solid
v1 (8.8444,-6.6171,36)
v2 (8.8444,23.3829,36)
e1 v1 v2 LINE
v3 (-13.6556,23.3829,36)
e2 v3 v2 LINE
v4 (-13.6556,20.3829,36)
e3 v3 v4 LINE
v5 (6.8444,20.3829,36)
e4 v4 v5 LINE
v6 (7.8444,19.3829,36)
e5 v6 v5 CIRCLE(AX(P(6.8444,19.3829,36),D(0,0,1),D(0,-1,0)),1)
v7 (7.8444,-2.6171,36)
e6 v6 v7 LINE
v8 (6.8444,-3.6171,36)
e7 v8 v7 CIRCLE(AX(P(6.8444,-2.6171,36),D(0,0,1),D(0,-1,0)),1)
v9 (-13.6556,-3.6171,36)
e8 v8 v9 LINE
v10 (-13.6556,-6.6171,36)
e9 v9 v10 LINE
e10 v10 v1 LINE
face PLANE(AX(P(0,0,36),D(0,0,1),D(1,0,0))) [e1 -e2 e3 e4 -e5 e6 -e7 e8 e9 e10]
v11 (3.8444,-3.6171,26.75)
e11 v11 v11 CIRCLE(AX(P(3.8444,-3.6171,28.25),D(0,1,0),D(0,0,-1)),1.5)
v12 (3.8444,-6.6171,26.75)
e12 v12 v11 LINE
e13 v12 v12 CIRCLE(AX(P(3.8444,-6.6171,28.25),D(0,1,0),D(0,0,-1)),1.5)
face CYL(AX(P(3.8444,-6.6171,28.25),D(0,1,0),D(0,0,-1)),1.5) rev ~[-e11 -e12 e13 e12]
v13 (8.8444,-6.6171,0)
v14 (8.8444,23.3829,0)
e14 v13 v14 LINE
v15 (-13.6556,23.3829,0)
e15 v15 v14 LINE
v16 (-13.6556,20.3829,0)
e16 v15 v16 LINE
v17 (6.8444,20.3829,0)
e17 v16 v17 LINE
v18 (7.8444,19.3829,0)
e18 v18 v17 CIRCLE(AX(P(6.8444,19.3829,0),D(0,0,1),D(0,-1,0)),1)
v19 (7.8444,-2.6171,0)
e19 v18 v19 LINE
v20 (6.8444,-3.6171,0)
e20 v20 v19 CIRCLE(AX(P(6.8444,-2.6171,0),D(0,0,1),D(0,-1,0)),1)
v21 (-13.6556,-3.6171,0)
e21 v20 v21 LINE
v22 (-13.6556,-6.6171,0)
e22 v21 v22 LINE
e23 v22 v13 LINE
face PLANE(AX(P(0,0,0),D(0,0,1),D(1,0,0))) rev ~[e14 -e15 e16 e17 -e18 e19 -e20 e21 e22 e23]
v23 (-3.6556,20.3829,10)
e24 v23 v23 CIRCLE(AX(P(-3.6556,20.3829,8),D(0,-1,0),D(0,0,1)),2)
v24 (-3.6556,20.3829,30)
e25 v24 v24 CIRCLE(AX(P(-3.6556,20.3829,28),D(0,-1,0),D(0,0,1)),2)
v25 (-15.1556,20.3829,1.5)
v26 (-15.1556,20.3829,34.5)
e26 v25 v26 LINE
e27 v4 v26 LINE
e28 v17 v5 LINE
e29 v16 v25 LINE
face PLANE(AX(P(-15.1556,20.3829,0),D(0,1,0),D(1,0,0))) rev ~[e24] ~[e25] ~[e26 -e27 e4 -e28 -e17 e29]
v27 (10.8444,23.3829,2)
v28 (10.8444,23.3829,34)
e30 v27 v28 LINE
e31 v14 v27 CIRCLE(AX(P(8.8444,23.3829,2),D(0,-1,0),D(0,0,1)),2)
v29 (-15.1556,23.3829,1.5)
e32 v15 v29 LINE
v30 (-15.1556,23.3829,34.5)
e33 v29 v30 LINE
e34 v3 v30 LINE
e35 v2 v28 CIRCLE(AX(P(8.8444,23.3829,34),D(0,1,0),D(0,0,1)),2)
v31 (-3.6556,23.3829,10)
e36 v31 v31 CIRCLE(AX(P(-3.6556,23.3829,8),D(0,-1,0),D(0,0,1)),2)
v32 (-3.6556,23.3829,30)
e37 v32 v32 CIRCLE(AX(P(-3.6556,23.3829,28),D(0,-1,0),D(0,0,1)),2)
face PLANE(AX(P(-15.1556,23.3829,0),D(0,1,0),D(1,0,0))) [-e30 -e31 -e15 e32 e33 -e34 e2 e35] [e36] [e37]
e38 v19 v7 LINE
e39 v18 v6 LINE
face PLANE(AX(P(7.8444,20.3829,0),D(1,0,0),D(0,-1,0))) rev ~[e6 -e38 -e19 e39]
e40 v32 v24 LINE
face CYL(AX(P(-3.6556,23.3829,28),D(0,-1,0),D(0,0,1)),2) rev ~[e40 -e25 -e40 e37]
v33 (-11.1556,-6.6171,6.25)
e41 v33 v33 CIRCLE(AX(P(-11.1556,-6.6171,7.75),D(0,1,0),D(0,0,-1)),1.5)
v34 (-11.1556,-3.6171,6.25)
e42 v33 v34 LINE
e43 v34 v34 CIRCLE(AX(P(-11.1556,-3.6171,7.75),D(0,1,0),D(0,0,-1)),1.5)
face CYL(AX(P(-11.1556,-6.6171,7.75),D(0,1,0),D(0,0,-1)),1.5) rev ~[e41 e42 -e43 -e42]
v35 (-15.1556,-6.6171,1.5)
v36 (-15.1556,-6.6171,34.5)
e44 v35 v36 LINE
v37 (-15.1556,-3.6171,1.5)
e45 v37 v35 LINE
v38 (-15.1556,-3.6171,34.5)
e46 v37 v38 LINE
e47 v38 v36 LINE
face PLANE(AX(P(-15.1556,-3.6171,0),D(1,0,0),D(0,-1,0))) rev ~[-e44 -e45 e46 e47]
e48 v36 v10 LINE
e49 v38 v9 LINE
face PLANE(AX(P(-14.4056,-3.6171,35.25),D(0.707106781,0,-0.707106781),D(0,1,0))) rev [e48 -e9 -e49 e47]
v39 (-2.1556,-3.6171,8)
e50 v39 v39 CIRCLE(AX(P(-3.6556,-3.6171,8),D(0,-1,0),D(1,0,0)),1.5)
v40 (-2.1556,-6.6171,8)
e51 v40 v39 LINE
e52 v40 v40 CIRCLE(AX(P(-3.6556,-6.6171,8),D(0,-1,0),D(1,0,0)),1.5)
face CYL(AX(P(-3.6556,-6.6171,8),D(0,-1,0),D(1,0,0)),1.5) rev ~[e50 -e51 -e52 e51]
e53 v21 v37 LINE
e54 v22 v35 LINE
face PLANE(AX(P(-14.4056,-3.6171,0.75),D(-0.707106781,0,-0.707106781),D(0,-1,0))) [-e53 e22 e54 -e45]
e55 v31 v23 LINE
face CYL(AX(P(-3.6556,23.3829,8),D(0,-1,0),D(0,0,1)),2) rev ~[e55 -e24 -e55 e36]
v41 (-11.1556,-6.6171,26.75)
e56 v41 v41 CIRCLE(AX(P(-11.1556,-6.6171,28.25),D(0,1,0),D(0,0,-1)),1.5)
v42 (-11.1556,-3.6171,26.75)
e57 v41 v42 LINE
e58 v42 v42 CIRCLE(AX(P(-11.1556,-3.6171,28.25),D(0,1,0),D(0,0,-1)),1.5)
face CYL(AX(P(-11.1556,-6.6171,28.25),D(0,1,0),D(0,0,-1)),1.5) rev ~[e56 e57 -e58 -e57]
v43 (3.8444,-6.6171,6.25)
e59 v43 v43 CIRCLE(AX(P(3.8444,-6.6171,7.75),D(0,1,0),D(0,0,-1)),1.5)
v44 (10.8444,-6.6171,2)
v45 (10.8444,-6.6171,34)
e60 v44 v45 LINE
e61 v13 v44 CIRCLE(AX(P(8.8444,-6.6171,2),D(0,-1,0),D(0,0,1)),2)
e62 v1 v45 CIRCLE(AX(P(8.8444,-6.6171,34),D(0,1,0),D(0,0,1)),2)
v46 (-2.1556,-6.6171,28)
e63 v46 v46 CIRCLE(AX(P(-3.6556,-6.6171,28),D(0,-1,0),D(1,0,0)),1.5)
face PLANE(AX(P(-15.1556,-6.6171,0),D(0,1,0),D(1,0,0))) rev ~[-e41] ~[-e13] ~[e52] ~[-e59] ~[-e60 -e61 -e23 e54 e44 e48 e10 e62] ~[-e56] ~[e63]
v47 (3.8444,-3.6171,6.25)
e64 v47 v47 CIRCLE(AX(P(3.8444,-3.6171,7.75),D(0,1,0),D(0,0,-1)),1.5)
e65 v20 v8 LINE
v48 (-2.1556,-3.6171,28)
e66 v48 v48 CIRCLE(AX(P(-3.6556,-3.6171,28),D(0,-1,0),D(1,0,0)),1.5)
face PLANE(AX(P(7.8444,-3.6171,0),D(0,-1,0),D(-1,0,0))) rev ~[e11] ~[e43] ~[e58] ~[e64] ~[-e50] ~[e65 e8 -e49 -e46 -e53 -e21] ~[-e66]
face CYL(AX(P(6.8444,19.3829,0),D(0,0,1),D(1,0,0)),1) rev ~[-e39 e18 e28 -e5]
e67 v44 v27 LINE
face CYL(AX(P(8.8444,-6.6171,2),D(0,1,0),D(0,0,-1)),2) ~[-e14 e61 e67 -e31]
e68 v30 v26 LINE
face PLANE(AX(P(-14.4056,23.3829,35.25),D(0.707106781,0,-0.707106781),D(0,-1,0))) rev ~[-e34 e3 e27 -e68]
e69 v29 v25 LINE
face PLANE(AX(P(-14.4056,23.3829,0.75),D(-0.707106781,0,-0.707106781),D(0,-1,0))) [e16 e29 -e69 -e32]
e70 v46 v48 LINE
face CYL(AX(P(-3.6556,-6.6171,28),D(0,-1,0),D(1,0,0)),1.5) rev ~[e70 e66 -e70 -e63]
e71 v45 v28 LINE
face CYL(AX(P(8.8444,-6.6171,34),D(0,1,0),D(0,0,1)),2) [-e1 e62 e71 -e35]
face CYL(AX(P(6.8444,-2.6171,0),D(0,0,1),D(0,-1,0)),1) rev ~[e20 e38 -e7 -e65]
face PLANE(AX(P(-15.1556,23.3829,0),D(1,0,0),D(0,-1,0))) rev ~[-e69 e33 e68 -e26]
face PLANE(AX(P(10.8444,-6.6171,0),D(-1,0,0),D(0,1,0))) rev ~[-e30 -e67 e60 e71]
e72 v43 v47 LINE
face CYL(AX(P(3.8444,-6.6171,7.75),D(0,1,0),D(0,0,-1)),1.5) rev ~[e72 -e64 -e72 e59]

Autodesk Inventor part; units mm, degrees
ref_plane "YZ Plane" through (0, 0, 0) normal (1, 0, 0) x (0, 1, 0)
ref_plane "XZ Plane" through (0, 0, 0) normal (0, 1, 0) x (-1, 0, 0)
ref_plane "XY Plane" through (0, 0, 0) normal (0, 0, 1) x (1, 0, 0)
sketch "Szkic1" plane through (0, 0, 0) normal (0, 0, 1) x (1, 0, 0)
  line L0 (-15.1556, -3.6171) -> (-15.1556, -6.6171)
  line L1 (-15.1556, -6.6171) -> (10.8444, -6.6171)
  line L2 (10.8444, -6.6171) -> (10.8444, 23.3829)
  line L3 (7.8444, 20.3829) -> (7.8444, -3.6171)
  line L4 (7.8444, -3.6171) -> (-15.1556, -3.6171)
  line L5 (-15.1556, 23.3829) -> (-15.1556, 20.3829)
  line L6 (-15.1556, 20.3829) -> (7.8444, 20.3829)
  line L7 (-15.1556, 23.3829) -> (10.8444, 23.3829)
  point P0 (0, 0)
  dimension "d1" = 26
  dimension "d2" = 30
  dimension "d87" = 3
  dimension "d88" = 24
  dimension "d89" = 3
  dimension "d90" = 3
extrude "Wyciągnięcie proste1" add sketch "Szkic1" along normal blind 36
fillet "Zaokrąglenie1" radius 1 2 edges at (7.8444, -3.6171, 18) (7.8444, 20.3829, 18)
chamfer "Faza4" distance 1.5 angle 45 4 edges at (-15.1556, -5.1171, 36) (-15.1556, -5.1171, 0) (-15.1556, 21.8829, 36) (-15.1556, 21.8829, 0)
fillet "Zaokrąglenie5" radius 2 2 edges at (10.8444, 8.3829, 36) (10.8444, 8.3829, 0)
sketch "Szkic7" plane through (-15.1556, -6.6171, 1.5) normal (0, -1, 0) x (1, 0, 0)
  arc A0 (24, -1.5) -> (26, 0.5) centre (24, 0.5) ccw projected
  line L0 (26, 0.5) -> (26, 32.5) projected
  arc A1 (26, 32.5) -> (24, 34.5) centre (24, 32.5) ccw projected
  line L1 (1.5, 34.5) -> (24, 34.5) projected
  line L2 (0, 33) -> (1.5, 34.5) projected
  line L3 (0, 0) -> (0, 33) projected
  line L4 (1.5, -1.5) -> (0, 0) projected
  line L5 (1.5, -1.5) -> (24, -1.5) projected
  line L6 (23, 34.5) -> (23, -1.5) projected
  point P0 (15.1556, -1.5)
  point P1 (19, 6.25)
  point P2 (4, 6.25)
  point P3 (4, 26.75)
  point P4 (19, 26.75)
  dimension "d95" = 4
  dimension "d96" = 4
  dimension "d97" = 4
  dimension "d98" = 4
  dimension "d99" = 7.75
  dimension "d100" = 7.75
  dimension "d101" = 7.75
  dimension "d102" = 7.75
hole "Otwór5" at (3.8444, -6.6171, 7.75) at (-11.1556, -6.6171, 7.75) at (-11.1556, -6.6171, 28.25) at (3.8444, -6.6171, 28.25) direction (0, 1, 0) diameter 3 depth 8 tip angle 118
sketch "Szkic8" plane through (-15.1556, 23.3829, 34.5) normal (0, 1, 0) x (1, 0, 0)
  arc A0 (26, 32.5) -> (24, 34.5) centre (24, 32.5) ccw projected
  line L0 (24, 34.5) -> (1.5, 34.5) projected
  line L1 (0, 33) -> (1.5, 34.5) projected
  line L2 (0, 33) -> (0, 0) projected
  line L3 (1.5, -1.5) -> (0, 0) projected
  line L4 (24, -1.5) -> (1.5, -1.5) projected
  arc A1 (24, -1.5) -> (26, 0.5) centre (24, 0.5) ccw projected
  line L5 (26, 32.5) -> (26, 0.5) projected
  line L6 (23, 34.5) -> (23, -1.5) projected
  point P0 (15.1556, 34.5)
  point P1 (11.5, 26.5)
  point P2 (11.5, 6.5)
  dimension "d110" = 11.5
  dimension "d111" = 23
  dimension "d112" = 11.5
  dimension "d113" = 20
  dimension "d114" = 36
  dimension "d115" = 8
hole "Otwór6" at (-3.6556, 23.3829, 8) at (-3.6556, 23.3829, 28) direction (0, -1, 0) diameter 4 depth 8 tip angle 118
sketch "Szkic9" plane through (-15.1556, -6.6171, 1.5) normal (0, -1, 0) x (1, 0, 0)
  circle A0 centre (11.5, 6.5) radius 2 projected
  circle A1 centre (11.5, 26.5) radius 2 projected
  circle A2 centre (11.5, 6.5) radius 1.5
  circle A3 centre (11.5, 26.5) radius 1.5
  point P0 (15.1556, -1.5)
  dimension "d123" = 3
  dimension "d124" = 3
extrude "Wyciągnięcie proste4" cut sketch "Szkic9" against normal blind 10 contours A2 | A3
equation "\"d88\" = d2 - 2 * d87"
equation "\"d97\" = d95"
equation "\"d98\" = d96"
equation "\"d100\" = d99"
equation "\"d101\" = d99"
equation "\"d102\" = d99"
equation "\"d110\" = 0.5 * d111"
equation "\"d112\" = d110"
equation "\"d115\" = -0.5 * d113 + 0.5 * d114"
properties part number "CNCM_ALU_Y_Axis_Belt_Mount_Bracket"
